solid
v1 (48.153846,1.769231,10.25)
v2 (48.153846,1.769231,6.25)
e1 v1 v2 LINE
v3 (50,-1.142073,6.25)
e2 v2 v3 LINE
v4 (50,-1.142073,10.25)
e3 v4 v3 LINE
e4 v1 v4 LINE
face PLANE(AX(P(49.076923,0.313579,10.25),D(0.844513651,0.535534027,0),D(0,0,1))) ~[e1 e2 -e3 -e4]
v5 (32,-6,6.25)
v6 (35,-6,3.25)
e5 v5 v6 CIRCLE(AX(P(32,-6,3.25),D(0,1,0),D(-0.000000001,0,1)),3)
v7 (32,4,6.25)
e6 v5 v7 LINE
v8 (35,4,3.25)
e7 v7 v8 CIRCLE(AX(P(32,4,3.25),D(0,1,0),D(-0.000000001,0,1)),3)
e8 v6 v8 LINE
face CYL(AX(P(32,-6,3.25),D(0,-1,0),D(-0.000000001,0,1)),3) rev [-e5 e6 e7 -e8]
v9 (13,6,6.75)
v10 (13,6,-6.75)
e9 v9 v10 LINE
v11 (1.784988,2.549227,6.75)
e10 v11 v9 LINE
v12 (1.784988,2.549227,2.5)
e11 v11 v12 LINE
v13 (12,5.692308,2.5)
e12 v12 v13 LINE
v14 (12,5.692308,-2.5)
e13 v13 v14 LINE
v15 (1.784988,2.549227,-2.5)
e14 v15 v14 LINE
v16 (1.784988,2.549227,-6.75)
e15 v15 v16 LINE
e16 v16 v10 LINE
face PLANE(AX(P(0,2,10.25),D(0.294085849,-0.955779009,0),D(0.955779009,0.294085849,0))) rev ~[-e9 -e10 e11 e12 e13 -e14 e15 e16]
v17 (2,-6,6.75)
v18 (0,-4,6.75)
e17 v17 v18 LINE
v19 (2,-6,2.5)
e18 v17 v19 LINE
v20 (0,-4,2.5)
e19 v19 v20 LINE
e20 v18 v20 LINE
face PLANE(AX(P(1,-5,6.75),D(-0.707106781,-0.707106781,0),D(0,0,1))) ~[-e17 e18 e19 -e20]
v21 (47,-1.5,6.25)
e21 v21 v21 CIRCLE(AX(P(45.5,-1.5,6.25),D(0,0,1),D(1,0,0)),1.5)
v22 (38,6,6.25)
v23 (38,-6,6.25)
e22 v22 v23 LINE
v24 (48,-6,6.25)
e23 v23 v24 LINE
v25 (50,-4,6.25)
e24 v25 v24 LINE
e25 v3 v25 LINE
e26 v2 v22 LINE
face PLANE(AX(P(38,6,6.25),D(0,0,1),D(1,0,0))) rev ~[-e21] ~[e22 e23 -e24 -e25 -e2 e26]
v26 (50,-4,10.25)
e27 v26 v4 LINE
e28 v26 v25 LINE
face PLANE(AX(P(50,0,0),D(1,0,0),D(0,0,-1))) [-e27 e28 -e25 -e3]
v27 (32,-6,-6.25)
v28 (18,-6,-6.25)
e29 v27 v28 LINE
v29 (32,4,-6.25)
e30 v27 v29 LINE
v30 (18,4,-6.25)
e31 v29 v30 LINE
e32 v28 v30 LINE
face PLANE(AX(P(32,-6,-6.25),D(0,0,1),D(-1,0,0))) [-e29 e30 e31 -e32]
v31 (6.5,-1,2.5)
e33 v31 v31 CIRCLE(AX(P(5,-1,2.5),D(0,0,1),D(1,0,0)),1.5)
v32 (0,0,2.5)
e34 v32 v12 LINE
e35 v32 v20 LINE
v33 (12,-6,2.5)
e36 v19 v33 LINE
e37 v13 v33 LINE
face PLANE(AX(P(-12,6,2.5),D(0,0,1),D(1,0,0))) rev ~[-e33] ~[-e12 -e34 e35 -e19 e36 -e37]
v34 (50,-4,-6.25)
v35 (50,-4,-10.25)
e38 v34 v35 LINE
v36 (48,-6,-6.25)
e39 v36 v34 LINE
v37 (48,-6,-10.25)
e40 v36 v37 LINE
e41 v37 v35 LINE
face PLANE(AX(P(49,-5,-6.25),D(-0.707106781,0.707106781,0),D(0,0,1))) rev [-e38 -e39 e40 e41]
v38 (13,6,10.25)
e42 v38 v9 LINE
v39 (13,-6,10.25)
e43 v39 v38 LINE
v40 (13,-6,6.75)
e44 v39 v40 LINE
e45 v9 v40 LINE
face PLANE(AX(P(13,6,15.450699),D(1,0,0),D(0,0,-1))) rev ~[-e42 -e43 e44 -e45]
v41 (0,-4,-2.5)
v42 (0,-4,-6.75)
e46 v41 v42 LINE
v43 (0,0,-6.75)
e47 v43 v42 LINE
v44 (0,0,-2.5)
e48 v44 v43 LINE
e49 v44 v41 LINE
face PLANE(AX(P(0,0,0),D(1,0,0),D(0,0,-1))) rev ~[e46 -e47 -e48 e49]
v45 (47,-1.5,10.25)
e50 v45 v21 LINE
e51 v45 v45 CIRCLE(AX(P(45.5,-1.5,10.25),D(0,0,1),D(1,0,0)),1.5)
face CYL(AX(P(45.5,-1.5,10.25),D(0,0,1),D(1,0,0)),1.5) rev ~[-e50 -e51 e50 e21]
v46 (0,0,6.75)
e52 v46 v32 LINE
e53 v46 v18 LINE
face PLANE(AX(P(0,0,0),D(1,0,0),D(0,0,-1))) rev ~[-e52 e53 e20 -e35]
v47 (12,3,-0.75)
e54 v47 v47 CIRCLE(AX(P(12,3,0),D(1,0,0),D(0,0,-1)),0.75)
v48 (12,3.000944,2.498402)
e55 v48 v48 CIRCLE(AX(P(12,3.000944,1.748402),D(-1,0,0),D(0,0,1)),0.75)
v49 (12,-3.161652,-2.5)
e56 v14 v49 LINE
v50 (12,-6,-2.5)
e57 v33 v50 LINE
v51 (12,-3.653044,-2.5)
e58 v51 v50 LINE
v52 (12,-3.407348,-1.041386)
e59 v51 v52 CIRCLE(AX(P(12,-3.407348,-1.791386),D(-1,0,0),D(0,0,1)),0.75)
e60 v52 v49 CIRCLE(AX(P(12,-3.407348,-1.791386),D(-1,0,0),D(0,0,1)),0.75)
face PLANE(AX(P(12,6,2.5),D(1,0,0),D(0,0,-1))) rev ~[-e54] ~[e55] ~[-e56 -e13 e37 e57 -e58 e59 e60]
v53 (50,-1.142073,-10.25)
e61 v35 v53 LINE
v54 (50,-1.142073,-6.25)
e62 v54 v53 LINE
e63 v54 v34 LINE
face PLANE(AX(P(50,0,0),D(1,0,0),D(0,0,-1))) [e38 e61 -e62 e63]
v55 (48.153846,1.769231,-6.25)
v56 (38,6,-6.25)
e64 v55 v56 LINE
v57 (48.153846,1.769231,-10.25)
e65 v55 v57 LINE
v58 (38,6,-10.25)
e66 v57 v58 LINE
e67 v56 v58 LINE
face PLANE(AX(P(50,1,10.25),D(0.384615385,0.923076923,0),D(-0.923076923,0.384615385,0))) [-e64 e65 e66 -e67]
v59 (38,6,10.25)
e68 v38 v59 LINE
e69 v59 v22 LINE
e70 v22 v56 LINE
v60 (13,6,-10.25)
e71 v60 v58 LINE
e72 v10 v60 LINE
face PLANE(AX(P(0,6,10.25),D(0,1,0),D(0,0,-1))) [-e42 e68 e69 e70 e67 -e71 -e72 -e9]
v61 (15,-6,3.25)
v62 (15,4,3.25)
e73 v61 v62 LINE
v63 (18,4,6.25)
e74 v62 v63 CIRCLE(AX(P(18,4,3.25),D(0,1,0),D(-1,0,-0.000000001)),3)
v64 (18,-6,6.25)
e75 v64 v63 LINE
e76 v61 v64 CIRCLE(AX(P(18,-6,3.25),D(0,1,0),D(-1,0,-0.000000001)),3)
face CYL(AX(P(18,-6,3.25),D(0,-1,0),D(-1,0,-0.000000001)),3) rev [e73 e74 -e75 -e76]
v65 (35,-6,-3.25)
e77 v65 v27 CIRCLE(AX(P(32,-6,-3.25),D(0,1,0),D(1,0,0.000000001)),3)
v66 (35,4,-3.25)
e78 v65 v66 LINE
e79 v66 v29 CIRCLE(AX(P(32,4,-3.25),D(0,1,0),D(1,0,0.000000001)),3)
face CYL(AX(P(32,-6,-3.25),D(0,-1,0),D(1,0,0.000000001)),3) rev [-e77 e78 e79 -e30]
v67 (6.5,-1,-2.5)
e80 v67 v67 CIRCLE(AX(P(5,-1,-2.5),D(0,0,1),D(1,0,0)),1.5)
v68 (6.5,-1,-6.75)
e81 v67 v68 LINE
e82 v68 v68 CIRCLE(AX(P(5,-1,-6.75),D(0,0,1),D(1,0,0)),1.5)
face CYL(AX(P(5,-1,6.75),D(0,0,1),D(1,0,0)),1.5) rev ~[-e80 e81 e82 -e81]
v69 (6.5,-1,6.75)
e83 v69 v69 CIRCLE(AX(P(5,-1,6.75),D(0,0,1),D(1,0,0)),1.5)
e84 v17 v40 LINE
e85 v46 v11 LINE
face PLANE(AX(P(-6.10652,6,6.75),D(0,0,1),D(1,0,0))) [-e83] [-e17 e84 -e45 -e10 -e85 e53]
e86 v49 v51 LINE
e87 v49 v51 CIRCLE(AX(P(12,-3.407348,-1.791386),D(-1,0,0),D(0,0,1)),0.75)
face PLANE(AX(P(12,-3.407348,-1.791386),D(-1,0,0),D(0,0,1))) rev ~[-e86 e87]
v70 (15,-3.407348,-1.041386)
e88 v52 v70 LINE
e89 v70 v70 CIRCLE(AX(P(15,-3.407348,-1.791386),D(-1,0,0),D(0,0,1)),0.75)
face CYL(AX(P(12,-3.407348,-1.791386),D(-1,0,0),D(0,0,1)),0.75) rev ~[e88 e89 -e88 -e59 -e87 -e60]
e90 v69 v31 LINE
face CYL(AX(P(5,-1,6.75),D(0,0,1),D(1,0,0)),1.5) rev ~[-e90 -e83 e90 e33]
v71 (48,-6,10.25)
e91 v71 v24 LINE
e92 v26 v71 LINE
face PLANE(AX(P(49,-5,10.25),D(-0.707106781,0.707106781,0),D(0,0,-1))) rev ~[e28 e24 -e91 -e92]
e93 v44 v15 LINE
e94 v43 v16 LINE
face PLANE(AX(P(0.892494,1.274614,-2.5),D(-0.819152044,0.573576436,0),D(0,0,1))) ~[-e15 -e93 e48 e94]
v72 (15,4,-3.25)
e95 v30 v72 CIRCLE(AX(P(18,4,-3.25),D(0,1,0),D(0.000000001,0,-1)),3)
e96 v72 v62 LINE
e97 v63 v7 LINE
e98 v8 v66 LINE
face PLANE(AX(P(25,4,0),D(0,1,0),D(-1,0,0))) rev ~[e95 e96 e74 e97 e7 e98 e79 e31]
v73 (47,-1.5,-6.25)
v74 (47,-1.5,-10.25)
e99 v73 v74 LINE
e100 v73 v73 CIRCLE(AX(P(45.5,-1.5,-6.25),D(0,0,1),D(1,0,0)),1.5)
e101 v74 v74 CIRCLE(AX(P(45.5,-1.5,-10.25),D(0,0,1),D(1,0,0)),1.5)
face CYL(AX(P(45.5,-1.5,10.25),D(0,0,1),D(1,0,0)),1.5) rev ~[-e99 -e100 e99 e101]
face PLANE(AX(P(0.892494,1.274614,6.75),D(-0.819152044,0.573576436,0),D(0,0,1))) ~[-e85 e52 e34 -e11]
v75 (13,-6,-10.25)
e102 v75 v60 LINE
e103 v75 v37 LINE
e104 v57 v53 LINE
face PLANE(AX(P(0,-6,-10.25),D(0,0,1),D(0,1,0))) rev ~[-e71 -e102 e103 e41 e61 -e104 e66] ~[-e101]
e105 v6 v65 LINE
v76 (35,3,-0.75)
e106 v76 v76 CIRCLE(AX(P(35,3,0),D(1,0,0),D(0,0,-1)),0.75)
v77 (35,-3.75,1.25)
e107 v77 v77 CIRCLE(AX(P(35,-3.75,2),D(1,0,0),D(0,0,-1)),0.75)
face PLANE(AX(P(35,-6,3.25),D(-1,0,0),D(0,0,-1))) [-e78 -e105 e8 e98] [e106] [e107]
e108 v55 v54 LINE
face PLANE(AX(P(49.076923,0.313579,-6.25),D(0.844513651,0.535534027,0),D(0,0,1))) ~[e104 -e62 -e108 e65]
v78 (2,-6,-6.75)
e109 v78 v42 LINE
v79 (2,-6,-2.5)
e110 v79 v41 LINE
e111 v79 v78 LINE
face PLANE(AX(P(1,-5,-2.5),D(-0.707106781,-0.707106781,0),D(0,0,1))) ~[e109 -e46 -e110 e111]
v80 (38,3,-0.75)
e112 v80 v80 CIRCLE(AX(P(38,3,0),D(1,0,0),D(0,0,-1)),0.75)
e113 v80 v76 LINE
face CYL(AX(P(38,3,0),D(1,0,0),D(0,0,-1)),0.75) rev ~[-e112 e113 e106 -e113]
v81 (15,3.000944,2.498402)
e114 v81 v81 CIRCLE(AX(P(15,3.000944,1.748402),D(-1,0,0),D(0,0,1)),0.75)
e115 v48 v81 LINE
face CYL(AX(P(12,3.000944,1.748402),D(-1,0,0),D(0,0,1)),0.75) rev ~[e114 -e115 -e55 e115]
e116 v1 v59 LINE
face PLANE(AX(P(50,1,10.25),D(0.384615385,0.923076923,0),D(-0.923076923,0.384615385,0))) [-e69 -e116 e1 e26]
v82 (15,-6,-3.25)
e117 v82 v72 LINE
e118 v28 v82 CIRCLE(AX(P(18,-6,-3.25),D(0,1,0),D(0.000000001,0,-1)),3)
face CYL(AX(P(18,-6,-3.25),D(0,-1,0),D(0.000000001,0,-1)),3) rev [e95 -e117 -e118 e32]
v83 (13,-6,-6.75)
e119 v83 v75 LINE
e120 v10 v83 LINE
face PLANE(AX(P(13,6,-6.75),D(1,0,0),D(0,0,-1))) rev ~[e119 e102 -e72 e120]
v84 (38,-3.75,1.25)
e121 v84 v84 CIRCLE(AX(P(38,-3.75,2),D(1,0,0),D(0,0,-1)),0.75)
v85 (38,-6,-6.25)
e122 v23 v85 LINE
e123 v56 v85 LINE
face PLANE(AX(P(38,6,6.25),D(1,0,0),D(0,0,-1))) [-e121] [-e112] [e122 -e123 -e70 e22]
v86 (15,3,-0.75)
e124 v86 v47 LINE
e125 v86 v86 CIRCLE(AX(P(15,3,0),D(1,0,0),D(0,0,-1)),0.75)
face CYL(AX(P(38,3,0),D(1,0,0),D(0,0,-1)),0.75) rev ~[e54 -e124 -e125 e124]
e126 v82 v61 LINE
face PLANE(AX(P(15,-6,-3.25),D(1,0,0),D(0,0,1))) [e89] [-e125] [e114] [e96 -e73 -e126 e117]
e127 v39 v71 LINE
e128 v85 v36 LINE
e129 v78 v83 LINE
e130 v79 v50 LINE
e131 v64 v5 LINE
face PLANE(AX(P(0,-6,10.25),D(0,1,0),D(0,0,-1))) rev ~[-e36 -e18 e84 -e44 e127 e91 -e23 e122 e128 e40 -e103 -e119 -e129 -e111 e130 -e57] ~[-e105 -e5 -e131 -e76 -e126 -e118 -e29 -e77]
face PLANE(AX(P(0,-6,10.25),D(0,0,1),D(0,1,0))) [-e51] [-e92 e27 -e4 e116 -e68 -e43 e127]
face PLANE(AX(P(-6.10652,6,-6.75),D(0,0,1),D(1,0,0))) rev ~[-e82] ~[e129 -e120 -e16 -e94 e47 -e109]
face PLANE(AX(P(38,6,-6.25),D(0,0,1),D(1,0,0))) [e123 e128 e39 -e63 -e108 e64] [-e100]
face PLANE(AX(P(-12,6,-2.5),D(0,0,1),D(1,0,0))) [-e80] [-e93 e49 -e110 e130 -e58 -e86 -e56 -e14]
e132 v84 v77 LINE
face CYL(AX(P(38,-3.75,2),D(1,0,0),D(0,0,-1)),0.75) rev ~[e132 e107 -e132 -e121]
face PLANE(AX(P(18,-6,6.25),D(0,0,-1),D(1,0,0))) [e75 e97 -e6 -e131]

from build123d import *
from OCP.BRepFilletAPI import BRepFilletAPI_MakeChamfer

# Parameters (mm, degrees)
SKETCH_2_W            = 20.5
SKETCH_2_H            = 12
EXTRUDE_1_DEPTH       = 50
SKETCH_3_W            = 24
SKETCH_3_H            = 5
CUT_EXTRUDE_1_DEPTH   = 53.431502935
SKETCH_5_W            = 13.122567423
SKETCH_5_H            = 12.5
CUT_EXTRUDE_2_DEPTH   = 53.431502935
SKETCH_7_R            = 0.75
CUT_EXTRUDE_3_DEPTH   = 40.812843405
SKETCH_10_W           = 19.106520138
SKETCH_10_H           = 8.700699496
CUT_EXTRUDE_3_2_DEPTH = 53.431502935
SKETCH_11_R           = 1.5
CUT_EXTRUDE_6_DEPTH   = 54.150729064
SKETCH_9_R            = 1.5
CUT_EXTRUDE_5_DEPTH   = 55.371407927
SKETCH_12_R           = 0.75
CUT_EXTRUDE_4_DEPTH   = 12
CUT_EXTRUDE_7_DEPTH   = 55.371407927
CHAMFER_5_SIZE        = 2
CHAMFER_6_SIZE        = 2
CHAMFER_6_SIZE2       = 1.867573994
CHAMFER_6_SIZE2_2     = 2.1420728
SKETCH_14_R           = 0.75
CUT_EXTRUDE_5_2_DEPTH = 6
CUT_EXTRUDE_8_DEPTH   = 10
SKETCH_16_R           = 0.75
CUT_EXTRUDE_9_DEPTH   = 5


with BuildPart() as part:
    # Эскиз2 → Вытянуть1 (new body)
    with BuildSketch(Plane(origin=(0, 0, 0), x_dir=(0, 0, -1), z_dir=(1, 0, 0))):
        Rectangle(SKETCH_2_W, SKETCH_2_H)
    extrude(amount=EXTRUDE_1_DEPTH)

    # Эскиз3 → Вырез-Вытянуть1 (cut, through all)
    with BuildSketch(Plane(origin=(0, 6, 0), x_dir=(1, 0, 0), z_dir=(0, 1, 0))):
        Rectangle(SKETCH_3_W, SKETCH_3_H)
    extrude(amount=-CUT_EXTRUDE_1_DEPTH, mode=Mode.SUBTRACT)

    # Эскиз5 → Вырез-Вытянуть2 (cut, through all)
    with BuildSketch(Plane(origin=(0, 6, 0), x_dir=(1, 0, 0), z_dir=(0, 1, 0))):
        with Locations((44.561283712, 0)):
            Rectangle(SKETCH_5_W, SKETCH_5_H)
    extrude(amount=-CUT_EXTRUDE_2_DEPTH, mode=Mode.SUBTRACT)

    # Эскиз7 → Cut-Extrude 3 (cut, through all)
    with BuildSketch(Plane(origin=(38, 0, 0), x_dir=(0, 0, -1), z_dir=(1, 0, 0))):
        with Locations((0, 3)):
            Circle(SKETCH_7_R)
    extrude(amount=-CUT_EXTRUDE_3_DEPTH, mode=Mode.SUBTRACT)

    # Эскиз10 → Cut-Extrude 3 2 (cut, through all)
    with BuildSketch(Plane(origin=(0, 6, 0), x_dir=(1, 0, 0), z_dir=(0, 1, 0))):
        with Locations((3.446739931, 11.100349748)):
            Rectangle(SKETCH_10_W, SKETCH_10_H)
        with Locations((3.446739931, -11.100349748)):
            Rectangle(SKETCH_10_W, SKETCH_10_H)
    extrude(amount=-CUT_EXTRUDE_3_2_DEPTH, mode=Mode.SUBTRACT)

    # Эскиз11 → Вытянуть6 (cut, through all)
    with BuildSketch(Plane.XY.offset(6.75)):
        with Locations((5, -1)):
            Circle(SKETCH_11_R)
    extrude(amount=-CUT_EXTRUDE_6_DEPTH, mode=Mode.SUBTRACT)

    # Эскиз9 → Cut-Extrude 5 (cut, through all)
    with BuildSketch(Plane.XY.offset(10.25)):
        with Locations((45.5, -1.5)):
            Circle(SKETCH_9_R)
    extrude(amount=-CUT_EXTRUDE_5_DEPTH, mode=Mode.SUBTRACT)

    # Эскиз12 → Вырез-Вытянуть4 (cut)
    with BuildSketch(Plane.ZY.offset(-12)):
        with Locations((-1.791386219, -3.407348241)):
            Circle(SKETCH_12_R)
    extrude(amount=-CUT_EXTRUDE_4_DEPTH, mode=Mode.SUBTRACT)

    # Эскиз13 → Вытянуть7 (cut, through all)
    with BuildSketch(Plane.XY.offset(10.25)):
        Polygon((13, 6), (0, 6), (0, 2), align=None)
        Polygon((50, 6), (50, 1), (38, 6), align=None)
    extrude(amount=-CUT_EXTRUDE_7_DEPTH, mode=Mode.SUBTRACT)

    # Фаска5
    chamfer_5_edges = [part.edges().sort_by_distance(p)[0] for p in [
        (50, -6, 8.25),
        (0, -6, -4.625),
        (50, -6, -8.25),
        (0, -6, 4.625),
    ]]
    chamfer(chamfer_5_edges, length=CHAMFER_5_SIZE)

    # Фаска6: one chamfer whose edges measure the first distance from different faces: ONE call of the kernel's chamfer builder (chamfer() names one face for all edges)
    chamfer_6_edges_1 = [part.edges().sort_by_distance(p)[0] for p in [
        (0, 2, 4.625),
    ]]
    chamfer_6_side_1 = [part.faces().sort_by_distance(p)[0] for p in [
        (0, -1, 4.625),
    ]]
    chamfer_6_edges_2 = [part.edges().sort_by_distance(p)[0] for p in [
        (0, 2, -4.625),
    ]]
    chamfer_6_side_2 = [part.faces().sort_by_distance(p)[0] for p in [
        (0, -1, -4.625),
    ]]
    chamfer_6_edges_3 = [part.edges().sort_by_distance(p)[0] for p in [
        (50, 1, 8.25),
    ]]
    chamfer_6_side_3 = [part.faces().sort_by_distance(p)[0] for p in [
        (44, 3.5, 8.25),
    ]]
    chamfer_6_edges_4 = [part.edges().sort_by_distance(p)[0] for p in [
        (50, 1, -8.25),
    ]]
    chamfer_6_side_4 = [part.faces().sort_by_distance(p)[0] for p in [
        (44, 3.5, -8.25),
    ]]
    chamfer_6 = BRepFilletAPI_MakeChamfer(part.part.solid().wrapped)
    for e in chamfer_6_edges_1:
        chamfer_6.Add(CHAMFER_6_SIZE, CHAMFER_6_SIZE2, e.wrapped, chamfer_6_side_1[0].wrapped)  # the first distance lies on this face
    for e in chamfer_6_edges_2:
        chamfer_6.Add(CHAMFER_6_SIZE, CHAMFER_6_SIZE2, e.wrapped, chamfer_6_side_2[0].wrapped)  # the first distance lies on this face
    for e in chamfer_6_edges_3:
        chamfer_6.Add(CHAMFER_6_SIZE, CHAMFER_6_SIZE2_2, e.wrapped, chamfer_6_side_3[0].wrapped)  # the first distance lies on this face
    for e in chamfer_6_edges_4:
        chamfer_6.Add(CHAMFER_6_SIZE, CHAMFER_6_SIZE2_2, e.wrapped, chamfer_6_side_4[0].wrapped)  # the first distance lies on this face
    add(Compound.cast(chamfer_6.Shape()), mode=Mode.REPLACE)

    # Эскиз14 → Cut-Extrude 5 2 (cut)
    with BuildSketch(Plane(origin=(38, 0, 0), x_dir=(0, 0, -1), z_dir=(1, 0, 0))):
        with Locations((-2, -3.75)):
            Circle(SKETCH_14_R)
    extrude(amount=-CUT_EXTRUDE_5_2_DEPTH, mode=Mode.SUBTRACT)

    # Эскиз15 → Вытянуть8 (cut)
    with BuildSketch(Plane.XZ.offset(6)):
        with BuildLine():
            Line((18, 6.25), (32, 6.25))
            ThreePointArc((32, 6.25), (34.121320344, 5.371320344), (35, 3.25))
            Line((35, 3.25), (35, -3.25))
            ThreePointArc((35, -3.25), (34.121320344, -5.371320344), (32, -6.25))
            Line((32, -6.25), (18, -6.25))
            ThreePointArc((18, -6.25), (15.878679656, -5.371320344), (15, -3.25))
            Line((15, -3.25), (15, 3.25))
            ThreePointArc((15, 3.25), (15.878679656, 5.371320344), (18, 6.25))
        make_face()
    extrude(amount=-CUT_EXTRUDE_8_DEPTH, mode=Mode.SUBTRACT)

    # Эскиз16 → Вытянуть9 (cut)
    with BuildSketch(Plane.ZY.offset(-12)):
        with Locations((1.748401574, 3.000943563)):
            Circle(SKETCH_16_R)
    extrude(amount=-CUT_EXTRUDE_9_DEPTH, mode=Mode.SUBTRACT)


solid = part.part
